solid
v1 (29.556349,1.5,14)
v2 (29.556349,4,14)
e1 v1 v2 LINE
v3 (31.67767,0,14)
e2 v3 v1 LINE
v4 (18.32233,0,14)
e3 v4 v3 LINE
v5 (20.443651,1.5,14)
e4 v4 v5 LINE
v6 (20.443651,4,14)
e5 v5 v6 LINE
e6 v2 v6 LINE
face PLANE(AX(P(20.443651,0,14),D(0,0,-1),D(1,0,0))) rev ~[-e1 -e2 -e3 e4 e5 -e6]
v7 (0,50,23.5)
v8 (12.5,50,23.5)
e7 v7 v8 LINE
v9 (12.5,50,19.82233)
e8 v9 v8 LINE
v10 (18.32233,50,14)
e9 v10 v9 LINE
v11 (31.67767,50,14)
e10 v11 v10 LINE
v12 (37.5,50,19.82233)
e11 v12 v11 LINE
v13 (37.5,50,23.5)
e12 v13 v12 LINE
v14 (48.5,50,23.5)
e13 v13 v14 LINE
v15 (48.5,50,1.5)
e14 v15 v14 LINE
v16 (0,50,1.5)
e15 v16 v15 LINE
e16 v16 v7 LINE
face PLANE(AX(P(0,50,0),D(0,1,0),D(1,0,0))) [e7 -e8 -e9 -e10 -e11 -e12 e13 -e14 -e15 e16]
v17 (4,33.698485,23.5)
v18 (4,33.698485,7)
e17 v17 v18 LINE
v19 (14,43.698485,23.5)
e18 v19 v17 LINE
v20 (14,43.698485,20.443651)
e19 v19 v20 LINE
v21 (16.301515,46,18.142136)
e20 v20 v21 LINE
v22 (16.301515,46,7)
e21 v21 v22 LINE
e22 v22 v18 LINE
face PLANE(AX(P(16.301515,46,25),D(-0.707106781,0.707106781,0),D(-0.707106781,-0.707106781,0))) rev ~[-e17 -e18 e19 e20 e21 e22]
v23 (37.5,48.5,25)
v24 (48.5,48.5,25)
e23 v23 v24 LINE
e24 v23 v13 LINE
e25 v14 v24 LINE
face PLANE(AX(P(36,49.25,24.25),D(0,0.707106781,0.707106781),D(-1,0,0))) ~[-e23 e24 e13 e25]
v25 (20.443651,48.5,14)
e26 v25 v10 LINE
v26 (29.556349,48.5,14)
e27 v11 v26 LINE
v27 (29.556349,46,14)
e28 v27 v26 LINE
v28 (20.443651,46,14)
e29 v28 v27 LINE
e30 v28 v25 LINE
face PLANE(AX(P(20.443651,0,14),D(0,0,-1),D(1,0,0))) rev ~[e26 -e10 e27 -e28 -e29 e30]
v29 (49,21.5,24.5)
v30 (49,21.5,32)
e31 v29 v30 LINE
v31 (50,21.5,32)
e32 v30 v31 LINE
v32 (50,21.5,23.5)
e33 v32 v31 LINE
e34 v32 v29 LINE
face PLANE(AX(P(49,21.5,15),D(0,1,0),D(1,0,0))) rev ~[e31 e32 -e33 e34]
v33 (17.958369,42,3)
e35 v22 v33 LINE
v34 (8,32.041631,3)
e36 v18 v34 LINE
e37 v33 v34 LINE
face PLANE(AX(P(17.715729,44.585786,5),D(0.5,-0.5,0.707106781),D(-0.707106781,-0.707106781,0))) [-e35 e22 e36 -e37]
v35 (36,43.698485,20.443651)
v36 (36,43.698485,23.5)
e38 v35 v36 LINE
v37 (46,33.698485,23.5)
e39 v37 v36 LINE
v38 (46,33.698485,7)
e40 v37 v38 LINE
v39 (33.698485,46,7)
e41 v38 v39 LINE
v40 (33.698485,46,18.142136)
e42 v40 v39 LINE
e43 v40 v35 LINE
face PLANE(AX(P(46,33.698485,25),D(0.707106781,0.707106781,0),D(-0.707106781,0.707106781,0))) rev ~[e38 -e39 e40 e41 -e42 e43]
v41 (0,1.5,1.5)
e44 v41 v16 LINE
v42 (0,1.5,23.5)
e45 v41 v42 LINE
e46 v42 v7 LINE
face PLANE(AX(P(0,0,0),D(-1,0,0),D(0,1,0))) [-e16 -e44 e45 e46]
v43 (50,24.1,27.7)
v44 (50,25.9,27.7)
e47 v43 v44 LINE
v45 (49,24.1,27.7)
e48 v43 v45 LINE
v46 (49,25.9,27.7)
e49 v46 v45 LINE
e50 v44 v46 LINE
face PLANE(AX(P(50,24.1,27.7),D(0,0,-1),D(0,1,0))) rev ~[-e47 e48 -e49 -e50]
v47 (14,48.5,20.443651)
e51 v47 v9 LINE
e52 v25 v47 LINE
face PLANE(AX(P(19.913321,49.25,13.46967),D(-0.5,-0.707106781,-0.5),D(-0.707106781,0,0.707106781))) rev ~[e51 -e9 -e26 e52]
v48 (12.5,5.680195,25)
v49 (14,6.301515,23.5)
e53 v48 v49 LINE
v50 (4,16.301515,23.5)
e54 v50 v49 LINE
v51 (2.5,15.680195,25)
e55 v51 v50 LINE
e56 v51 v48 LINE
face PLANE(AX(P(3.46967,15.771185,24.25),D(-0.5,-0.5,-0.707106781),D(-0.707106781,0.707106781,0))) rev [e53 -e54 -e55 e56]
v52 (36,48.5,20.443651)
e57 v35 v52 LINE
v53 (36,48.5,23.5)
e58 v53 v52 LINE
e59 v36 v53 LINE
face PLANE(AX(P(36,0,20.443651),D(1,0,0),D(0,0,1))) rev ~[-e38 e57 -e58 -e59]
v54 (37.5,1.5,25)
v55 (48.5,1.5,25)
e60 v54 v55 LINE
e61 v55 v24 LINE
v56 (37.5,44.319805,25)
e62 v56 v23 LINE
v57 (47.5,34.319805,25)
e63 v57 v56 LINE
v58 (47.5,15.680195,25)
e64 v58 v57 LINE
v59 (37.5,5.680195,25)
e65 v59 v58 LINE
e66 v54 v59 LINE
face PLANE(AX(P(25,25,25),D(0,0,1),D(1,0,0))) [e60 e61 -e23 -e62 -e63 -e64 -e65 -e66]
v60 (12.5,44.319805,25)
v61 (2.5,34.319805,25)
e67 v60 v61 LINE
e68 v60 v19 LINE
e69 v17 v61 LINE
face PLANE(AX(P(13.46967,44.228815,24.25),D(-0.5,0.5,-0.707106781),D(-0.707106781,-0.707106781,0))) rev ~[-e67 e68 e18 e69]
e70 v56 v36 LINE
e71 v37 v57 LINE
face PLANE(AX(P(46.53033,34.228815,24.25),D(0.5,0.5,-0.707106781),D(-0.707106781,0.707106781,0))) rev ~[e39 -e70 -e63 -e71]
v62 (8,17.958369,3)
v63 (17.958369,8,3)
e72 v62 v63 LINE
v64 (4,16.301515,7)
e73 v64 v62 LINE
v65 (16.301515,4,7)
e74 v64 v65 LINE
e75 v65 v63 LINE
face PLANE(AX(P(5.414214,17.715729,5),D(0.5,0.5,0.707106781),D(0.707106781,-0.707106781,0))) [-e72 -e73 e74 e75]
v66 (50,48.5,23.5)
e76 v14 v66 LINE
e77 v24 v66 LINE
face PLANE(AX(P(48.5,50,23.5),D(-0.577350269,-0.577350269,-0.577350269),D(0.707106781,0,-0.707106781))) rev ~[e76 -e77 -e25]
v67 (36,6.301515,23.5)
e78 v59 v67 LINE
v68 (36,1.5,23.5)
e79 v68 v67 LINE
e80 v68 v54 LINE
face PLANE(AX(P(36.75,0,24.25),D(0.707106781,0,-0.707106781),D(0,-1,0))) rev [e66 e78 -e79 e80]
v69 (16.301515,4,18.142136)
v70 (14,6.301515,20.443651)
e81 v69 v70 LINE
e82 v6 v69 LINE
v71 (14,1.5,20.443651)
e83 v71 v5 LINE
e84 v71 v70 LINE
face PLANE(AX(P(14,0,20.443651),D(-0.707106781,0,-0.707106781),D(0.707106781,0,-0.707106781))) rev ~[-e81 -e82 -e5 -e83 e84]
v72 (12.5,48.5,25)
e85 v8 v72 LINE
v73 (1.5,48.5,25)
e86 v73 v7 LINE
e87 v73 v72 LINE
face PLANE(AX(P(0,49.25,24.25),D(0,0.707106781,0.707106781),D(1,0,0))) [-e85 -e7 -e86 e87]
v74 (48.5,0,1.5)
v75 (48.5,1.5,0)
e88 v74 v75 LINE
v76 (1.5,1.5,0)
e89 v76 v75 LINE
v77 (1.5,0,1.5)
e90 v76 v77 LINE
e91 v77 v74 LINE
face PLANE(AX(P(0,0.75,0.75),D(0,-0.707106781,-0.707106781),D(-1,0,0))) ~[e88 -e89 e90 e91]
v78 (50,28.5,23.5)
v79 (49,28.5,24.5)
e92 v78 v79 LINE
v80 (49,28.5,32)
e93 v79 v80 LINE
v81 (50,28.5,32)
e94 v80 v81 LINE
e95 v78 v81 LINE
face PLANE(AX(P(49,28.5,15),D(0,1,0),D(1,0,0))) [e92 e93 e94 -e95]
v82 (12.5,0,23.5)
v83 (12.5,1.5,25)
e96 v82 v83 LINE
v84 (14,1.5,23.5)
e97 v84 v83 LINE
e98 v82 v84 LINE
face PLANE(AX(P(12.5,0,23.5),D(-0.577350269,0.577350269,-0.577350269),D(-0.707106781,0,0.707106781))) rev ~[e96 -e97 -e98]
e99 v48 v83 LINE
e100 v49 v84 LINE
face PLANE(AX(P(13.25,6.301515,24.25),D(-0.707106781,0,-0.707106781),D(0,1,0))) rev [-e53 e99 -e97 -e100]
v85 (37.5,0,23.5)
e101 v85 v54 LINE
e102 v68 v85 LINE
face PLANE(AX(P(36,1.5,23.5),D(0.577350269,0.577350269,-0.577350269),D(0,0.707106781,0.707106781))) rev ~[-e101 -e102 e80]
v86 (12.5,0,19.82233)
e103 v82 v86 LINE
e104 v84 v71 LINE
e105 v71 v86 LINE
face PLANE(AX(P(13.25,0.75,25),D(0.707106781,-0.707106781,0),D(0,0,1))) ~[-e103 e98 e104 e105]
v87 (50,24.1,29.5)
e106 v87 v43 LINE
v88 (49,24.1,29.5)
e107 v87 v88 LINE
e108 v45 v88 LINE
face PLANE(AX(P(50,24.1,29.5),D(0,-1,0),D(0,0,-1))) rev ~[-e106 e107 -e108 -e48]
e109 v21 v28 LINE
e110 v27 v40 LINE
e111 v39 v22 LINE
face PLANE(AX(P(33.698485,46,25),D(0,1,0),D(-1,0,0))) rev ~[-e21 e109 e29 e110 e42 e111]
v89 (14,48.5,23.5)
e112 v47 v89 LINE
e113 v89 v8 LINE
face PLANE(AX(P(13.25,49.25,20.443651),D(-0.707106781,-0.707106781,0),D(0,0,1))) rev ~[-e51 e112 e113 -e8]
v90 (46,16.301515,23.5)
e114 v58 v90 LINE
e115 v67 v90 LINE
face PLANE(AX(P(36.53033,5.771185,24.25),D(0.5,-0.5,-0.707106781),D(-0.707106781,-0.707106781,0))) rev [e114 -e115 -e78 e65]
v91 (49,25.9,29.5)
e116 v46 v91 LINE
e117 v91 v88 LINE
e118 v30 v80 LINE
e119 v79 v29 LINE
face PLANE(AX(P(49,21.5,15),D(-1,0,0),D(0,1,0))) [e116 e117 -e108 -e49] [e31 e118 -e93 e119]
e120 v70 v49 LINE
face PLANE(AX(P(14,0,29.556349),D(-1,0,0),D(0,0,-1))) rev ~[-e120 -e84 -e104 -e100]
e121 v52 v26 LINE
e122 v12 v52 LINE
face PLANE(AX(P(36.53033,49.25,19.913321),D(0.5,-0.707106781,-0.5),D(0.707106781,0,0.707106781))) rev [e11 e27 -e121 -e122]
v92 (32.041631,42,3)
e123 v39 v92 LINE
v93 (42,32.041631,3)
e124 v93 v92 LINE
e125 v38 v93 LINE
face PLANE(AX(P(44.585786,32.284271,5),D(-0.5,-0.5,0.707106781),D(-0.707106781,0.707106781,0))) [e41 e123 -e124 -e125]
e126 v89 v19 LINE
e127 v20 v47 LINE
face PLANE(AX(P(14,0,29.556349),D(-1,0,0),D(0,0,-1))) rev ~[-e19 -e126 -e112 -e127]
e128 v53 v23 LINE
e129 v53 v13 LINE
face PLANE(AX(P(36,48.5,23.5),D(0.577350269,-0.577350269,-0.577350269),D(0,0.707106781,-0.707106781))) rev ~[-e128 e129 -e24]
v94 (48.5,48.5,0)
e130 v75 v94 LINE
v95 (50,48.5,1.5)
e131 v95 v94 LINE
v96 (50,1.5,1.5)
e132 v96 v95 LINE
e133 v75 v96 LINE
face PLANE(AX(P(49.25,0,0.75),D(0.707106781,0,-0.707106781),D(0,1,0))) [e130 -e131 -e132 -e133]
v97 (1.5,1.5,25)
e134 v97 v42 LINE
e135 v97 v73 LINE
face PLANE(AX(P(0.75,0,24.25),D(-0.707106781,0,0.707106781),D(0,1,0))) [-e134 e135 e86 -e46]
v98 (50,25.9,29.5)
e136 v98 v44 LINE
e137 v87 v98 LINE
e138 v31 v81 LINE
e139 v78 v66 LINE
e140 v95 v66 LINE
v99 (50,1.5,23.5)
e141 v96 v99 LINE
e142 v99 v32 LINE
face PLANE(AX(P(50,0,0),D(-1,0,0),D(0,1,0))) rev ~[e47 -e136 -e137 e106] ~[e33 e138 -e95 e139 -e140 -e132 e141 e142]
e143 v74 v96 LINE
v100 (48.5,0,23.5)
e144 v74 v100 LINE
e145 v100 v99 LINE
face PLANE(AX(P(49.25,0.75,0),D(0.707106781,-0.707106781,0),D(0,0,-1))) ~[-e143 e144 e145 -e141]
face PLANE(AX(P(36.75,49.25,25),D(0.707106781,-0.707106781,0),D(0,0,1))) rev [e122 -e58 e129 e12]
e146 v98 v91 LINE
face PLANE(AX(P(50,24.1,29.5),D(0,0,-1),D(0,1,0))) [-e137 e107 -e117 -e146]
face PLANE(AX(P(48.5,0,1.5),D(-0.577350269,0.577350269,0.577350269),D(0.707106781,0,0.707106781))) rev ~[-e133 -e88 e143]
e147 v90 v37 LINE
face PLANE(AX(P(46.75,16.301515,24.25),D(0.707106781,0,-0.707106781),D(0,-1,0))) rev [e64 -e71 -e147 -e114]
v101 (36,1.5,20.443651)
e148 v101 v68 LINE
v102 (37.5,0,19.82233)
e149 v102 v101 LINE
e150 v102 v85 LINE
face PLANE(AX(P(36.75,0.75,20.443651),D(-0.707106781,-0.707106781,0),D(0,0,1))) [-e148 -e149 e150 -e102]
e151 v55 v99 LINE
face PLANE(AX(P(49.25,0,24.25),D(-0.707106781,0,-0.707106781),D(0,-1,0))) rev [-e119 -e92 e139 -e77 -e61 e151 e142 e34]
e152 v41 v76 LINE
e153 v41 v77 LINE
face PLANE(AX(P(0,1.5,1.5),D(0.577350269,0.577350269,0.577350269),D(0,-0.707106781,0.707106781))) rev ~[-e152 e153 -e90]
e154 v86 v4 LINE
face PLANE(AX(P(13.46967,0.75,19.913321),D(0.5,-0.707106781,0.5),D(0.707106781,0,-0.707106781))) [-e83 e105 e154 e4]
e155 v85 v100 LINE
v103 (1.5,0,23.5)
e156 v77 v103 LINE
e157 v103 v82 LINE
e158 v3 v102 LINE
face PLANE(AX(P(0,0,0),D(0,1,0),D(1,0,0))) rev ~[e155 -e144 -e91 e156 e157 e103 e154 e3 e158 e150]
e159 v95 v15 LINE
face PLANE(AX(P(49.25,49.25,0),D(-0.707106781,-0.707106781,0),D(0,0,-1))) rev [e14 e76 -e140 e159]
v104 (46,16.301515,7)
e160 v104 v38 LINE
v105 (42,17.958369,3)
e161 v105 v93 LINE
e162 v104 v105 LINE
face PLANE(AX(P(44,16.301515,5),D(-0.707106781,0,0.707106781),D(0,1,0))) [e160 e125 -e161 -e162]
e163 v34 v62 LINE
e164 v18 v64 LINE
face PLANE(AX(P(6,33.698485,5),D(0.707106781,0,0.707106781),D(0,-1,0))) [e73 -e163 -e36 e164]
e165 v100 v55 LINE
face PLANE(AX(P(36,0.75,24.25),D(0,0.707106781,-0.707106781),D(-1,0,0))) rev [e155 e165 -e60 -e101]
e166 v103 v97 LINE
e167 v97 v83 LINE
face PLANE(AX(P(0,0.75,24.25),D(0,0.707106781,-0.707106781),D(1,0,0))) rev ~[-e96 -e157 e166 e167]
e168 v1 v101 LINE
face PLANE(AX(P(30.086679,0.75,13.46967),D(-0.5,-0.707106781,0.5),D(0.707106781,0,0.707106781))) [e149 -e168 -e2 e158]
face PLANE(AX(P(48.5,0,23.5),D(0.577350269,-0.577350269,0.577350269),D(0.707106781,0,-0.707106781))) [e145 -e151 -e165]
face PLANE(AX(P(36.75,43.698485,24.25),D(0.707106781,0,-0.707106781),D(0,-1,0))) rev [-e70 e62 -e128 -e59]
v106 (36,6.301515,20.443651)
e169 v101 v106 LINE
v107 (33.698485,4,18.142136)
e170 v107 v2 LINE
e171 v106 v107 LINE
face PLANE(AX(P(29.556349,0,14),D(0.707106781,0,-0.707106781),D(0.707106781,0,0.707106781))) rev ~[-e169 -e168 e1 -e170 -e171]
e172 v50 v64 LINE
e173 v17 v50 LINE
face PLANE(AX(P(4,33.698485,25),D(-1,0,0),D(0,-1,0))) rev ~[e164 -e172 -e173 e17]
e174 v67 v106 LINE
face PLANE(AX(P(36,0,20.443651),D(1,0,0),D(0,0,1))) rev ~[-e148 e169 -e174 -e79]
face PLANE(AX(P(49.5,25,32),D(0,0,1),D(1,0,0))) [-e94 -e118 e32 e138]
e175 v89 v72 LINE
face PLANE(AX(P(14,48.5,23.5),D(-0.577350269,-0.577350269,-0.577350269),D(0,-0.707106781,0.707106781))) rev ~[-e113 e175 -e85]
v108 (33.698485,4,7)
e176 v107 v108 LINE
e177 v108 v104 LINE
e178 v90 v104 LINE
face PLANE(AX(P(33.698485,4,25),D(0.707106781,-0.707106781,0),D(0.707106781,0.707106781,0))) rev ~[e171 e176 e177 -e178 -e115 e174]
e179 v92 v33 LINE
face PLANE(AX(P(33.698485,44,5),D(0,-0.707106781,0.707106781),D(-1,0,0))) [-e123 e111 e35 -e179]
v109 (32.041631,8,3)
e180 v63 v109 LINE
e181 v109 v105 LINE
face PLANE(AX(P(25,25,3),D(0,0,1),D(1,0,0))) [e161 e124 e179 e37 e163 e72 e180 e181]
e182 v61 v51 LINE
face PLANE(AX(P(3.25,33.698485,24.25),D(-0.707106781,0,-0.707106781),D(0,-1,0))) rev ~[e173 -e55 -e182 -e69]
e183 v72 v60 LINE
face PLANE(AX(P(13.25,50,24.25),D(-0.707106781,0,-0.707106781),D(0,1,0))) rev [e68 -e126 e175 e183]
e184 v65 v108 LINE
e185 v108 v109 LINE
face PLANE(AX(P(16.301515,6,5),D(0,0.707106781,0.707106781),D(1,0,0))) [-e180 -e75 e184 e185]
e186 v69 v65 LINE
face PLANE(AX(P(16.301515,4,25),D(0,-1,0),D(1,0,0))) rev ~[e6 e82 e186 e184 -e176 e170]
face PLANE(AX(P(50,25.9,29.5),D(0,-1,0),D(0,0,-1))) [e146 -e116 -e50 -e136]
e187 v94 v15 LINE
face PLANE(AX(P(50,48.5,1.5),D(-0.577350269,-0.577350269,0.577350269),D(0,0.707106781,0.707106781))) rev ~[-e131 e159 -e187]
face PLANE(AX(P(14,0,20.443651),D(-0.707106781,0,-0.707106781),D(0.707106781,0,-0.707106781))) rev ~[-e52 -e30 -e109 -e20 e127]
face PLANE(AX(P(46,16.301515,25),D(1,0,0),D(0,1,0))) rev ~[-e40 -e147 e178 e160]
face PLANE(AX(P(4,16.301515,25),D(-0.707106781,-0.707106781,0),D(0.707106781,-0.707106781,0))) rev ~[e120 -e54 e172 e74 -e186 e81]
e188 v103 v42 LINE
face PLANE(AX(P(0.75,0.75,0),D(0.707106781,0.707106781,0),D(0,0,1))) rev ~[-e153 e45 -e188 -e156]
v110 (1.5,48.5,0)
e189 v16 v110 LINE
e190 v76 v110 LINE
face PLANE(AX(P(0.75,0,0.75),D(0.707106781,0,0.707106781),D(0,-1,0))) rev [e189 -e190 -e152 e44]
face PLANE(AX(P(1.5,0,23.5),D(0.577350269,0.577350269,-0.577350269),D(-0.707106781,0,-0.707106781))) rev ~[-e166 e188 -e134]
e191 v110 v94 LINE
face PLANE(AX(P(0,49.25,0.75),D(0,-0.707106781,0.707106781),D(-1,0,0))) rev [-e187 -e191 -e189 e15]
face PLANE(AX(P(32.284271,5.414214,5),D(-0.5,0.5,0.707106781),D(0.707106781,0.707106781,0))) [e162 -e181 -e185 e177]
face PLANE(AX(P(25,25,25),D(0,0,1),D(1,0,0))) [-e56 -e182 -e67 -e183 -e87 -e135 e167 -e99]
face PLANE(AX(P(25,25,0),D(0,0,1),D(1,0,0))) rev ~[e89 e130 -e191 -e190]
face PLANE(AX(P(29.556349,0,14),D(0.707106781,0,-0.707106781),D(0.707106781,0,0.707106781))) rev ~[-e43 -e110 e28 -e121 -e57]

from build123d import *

# Parameters (mm, degrees)
SKETCH1_W                = 50
SKETCH1_H                = 50
BOSS_EXTRUDE1_DEPTH      = 25
CUT_EXTRUDE2_DEPTH       = 76
CUT_EXTRUDE3_DEPTH       = 22
CHAMFER1_SIZE            = 4
CHAMFER2_SIZE            = 1.5
BOSS_EXTRUDE2_DEPTH      = 7
BOSS_EXTRUDE2_DEPTH_BACK = 10
SKETCH6_W                = 1
SKETCH6_H                = 7
SKETCH7_W                = 1.8
SKETCH7_H                = 1.8
CUT_EXTRUDE4_DEPTH       = 78.614431648


with BuildPart() as part:
    # Sketch1 → Boss-Extrude1 (new body)
    with BuildSketch(Plane.XY):
        with Locations((25, 25)):
            Rectangle(SKETCH1_W, SKETCH1_H)
    extrude(amount=BOSS_EXTRUDE1_DEPTH)

    # Sketch3 → Cut-Extrude2 (cut, through all)
    with BuildSketch(Plane.XZ):
        Polygon((36, 29.556349186), (29.556349186, 36), (20.443650814, 36), (14, 29.556349186), (14, 20.443650814), (20.443650814, 14), (29.556349186, 14), (36, 20.443650814), align=None)
    extrude(amount=-CUT_EXTRUDE2_DEPTH, mode=Mode.SUBTRACT)

    # Sketch5 → Cut-Extrude3 (cut)
    with BuildSketch(Plane.XY.offset(25)):
        Polygon((4, 33.69848481), (4, 16.30151519), (16.30151519, 4), (33.69848481, 4), (46, 16.30151519), (46, 33.69848481), (33.69848481, 46), (16.30151519, 46), align=None)
    extrude(amount=-CUT_EXTRUDE3_DEPTH, mode=Mode.SUBTRACT)

    # Chamfer1
    chamfer1_edges = [part.edges().sort_by_distance(p)[0] for p in [
        (39.849242405, 39.849242405, 3),
        (39.849242405, 10.150757595, 3),
        (10.150757595, 39.849242405, 3),
        (25, 46, 3),
        (25, 4, 3),
        (10.150757595, 10.150757595, 3),
        (46, 25, 3),
        (4, 25, 3),
    ]]
    chamfer(chamfer1_edges, length=CHAMFER1_SIZE)

    # Chamfer2
    chamfer2_edges = [part.edges().sort_by_distance(p)[0] for p in [
        (50, 25, 25),
        (43, 50, 25),
        (43, 0, 25),
        (7, 50, 25),
        (14, 3.150757595, 25),
        (36, 46.849242405, 25),
        (36, 50, 22.721825407),
        (14, 50, 22.721825407),
        (36, 0, 22.721825407),
        (14, 0, 22.721825407),
        (17.221825407, 0, 17.221825407),
        (32.778174593, 0, 17.221825407),
        (32.778174593, 50, 17.221825407),
        (17.221825407, 50, 17.221825407),
        (0, 25, 25),
        (25, 50, 0),
        (50, 25, 0),
        (14, 46.849242405, 25),
        (36, 3.150757595, 25),
        (25, 0, 0),
        (41, 38.69848481, 25),
        (41, 11.30151519, 25),
        (46, 25, 25),
        (9, 11.30151519, 25),
        (9, 38.69848481, 25),
        (4, 25, 25),
        (0, 25, 0),
        (7, 0, 25),
        (50, 50, 12.5),
        (50, 0, 12.5),
        (0, 0, 12.5),
    ]]
    chamfer(chamfer2_edges, length=CHAMFER2_SIZE)

    # Sketch6 → Boss-Extrude2 (add, two sides: drawn at the far end of the back side and taken through both)
    with BuildSketch(Plane.XY.offset(25).offset(-BOSS_EXTRUDE2_DEPTH_BACK)):
        with Locations((49.5, 25)):
            Rectangle(SKETCH6_W, SKETCH6_H)
    extrude(amount=BOSS_EXTRUDE2_DEPTH + BOSS_EXTRUDE2_DEPTH_BACK)

    # Sketch7 → Cut-Extrude4 (cut, through all)
    with BuildSketch(Plane(origin=(50, 0, 0), x_dir=(0, 0, -1), z_dir=(1, 0, 0))):
        with Locations((-28.6, 25)):
            Rectangle(SKETCH7_W, SKETCH7_H)
    extrude(amount=-CUT_EXTRUDE4_DEPTH, mode=Mode.SUBTRACT)


solid = part.part
